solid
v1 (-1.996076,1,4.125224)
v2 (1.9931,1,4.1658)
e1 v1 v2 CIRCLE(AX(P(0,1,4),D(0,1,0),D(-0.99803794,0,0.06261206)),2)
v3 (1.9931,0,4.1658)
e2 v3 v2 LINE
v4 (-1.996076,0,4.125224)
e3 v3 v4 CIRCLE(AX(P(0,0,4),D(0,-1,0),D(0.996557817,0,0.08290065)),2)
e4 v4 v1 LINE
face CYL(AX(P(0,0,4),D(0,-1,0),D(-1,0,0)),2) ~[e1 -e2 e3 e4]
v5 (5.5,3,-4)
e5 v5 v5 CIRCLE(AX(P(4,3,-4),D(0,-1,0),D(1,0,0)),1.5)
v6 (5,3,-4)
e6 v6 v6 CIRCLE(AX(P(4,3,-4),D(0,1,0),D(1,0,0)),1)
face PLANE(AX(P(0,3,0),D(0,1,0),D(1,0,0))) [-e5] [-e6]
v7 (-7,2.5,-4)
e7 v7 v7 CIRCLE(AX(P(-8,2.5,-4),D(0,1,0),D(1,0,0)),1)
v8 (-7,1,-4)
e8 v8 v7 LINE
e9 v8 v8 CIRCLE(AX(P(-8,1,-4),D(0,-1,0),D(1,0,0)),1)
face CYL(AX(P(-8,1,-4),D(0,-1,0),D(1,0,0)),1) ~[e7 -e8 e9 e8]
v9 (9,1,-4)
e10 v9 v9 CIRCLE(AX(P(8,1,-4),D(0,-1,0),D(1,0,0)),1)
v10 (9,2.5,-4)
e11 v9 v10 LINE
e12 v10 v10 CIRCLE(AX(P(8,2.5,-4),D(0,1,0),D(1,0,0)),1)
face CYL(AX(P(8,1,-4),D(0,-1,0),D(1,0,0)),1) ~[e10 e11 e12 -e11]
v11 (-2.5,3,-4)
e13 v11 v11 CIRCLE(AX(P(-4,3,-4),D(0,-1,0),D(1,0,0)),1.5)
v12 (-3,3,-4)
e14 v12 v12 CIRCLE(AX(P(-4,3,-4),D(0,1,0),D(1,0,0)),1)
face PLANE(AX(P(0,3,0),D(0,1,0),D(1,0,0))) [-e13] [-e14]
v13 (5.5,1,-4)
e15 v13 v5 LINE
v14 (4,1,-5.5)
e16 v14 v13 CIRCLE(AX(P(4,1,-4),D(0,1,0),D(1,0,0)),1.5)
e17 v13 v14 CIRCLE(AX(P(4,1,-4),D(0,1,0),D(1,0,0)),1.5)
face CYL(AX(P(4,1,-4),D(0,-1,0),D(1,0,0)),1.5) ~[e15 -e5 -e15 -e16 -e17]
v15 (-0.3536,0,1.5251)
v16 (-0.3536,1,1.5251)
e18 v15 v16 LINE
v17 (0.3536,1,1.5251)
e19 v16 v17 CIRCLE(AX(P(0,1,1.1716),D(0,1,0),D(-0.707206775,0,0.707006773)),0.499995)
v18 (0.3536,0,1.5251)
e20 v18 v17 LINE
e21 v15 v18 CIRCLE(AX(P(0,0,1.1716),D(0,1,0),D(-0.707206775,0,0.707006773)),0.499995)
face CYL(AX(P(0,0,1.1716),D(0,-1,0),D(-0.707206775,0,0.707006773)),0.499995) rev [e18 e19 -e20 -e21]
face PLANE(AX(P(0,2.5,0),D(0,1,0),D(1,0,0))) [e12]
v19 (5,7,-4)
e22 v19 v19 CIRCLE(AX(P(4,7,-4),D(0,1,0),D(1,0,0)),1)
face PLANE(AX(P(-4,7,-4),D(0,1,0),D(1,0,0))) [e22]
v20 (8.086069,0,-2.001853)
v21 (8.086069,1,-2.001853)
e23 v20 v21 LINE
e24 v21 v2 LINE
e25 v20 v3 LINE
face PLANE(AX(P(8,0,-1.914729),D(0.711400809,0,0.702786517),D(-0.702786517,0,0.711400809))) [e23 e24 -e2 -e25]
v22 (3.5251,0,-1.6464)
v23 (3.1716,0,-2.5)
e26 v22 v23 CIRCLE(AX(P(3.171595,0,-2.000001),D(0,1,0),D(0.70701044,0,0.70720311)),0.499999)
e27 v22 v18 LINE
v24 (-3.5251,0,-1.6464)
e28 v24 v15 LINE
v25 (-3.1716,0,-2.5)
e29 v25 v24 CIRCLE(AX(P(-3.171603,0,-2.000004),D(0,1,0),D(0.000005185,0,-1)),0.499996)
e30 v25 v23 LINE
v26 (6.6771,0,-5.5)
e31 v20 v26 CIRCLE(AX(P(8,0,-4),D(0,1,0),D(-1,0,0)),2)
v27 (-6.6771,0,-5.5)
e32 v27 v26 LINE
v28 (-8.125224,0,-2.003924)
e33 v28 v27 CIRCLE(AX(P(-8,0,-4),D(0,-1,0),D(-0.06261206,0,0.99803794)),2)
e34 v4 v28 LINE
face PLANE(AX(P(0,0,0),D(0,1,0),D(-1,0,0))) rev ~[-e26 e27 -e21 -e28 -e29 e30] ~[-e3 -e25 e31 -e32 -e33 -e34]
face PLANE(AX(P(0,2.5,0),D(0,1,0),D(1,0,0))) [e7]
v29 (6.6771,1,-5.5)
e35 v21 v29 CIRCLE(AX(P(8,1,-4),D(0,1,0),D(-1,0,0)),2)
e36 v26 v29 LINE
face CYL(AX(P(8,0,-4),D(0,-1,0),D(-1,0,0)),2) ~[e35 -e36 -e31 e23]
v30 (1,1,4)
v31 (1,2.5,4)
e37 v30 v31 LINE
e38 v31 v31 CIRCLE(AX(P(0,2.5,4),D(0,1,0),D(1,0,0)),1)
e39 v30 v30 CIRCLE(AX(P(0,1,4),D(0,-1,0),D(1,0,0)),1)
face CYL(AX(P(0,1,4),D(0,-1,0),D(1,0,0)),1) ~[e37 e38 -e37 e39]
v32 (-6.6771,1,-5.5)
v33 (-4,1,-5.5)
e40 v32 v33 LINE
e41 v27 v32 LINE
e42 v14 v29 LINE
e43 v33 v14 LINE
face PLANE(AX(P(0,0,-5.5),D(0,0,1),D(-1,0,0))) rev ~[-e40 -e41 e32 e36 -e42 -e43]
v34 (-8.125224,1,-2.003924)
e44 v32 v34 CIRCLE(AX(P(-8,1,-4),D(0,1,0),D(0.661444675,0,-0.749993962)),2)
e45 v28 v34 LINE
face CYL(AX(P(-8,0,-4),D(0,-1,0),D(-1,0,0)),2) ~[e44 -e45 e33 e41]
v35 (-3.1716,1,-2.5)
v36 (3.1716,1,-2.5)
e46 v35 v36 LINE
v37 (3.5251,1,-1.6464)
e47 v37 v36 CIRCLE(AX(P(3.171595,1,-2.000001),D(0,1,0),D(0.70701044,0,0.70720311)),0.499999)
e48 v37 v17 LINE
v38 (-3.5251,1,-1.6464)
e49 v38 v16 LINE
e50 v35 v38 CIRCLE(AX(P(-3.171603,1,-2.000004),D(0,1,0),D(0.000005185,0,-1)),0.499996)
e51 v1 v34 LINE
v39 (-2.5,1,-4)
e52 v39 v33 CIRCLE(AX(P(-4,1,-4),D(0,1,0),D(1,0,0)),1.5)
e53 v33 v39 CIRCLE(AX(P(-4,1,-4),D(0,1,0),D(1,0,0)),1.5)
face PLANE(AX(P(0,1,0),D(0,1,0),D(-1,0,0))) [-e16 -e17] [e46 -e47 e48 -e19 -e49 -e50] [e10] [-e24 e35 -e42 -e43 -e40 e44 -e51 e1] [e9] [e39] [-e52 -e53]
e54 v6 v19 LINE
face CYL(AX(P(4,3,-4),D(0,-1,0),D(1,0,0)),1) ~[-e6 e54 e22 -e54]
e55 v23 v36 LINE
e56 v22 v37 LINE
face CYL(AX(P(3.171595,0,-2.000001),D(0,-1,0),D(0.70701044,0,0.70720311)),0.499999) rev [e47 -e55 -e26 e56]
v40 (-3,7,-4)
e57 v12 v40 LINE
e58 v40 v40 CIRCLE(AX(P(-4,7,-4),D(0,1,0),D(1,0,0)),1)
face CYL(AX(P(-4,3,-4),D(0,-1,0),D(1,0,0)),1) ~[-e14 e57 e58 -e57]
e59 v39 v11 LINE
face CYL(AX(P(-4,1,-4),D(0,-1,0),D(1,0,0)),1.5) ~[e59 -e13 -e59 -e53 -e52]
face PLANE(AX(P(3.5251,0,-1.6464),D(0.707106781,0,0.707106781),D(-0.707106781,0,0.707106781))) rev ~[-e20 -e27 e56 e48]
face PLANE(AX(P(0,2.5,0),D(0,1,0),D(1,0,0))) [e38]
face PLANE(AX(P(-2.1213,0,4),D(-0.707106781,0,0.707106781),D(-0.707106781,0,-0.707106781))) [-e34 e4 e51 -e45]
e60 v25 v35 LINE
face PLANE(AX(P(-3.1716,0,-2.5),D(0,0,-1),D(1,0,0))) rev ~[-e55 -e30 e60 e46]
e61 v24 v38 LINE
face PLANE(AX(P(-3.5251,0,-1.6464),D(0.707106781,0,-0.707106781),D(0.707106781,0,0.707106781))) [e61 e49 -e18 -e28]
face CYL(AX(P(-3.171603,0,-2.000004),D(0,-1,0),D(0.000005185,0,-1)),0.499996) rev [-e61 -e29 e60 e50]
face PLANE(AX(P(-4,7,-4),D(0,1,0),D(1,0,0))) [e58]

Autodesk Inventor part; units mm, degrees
ref_plane "YZ Plane" through (0, 0, 0) normal (1, 0, 0) x (0, 1, 0)
ref_plane "XZ Plane" through (0, 0, 0) normal (0, 1, 0) x (-1, 0, 0)
ref_plane "XY Plane" through (0, 0, 0) normal (0, 0, 1) x (1, 0, 0)
sketch "Sketch1" plane through (0, 0, 0) normal (0, 1, 0) x (-1, 0, 0)
  line L0 (-8, -4) -> (8, -4)
  line L1 (8, -4) -> (8, 4)
  line L2 (8, 4) -> (-8, 4)
  line L3 (-8, 4) -> (-8, -4)
  line L4 (-8, -4) -> (8, 4) construction
  line L5 (8, -4) -> (-8, 4) construction
  circle A0 centre (8, -4) radius 1
  circle A1 centre (8, -4) radius 2
  circle A2 centre (0, 4) radius 1
  circle A3 centre (-8, -4) radius 1
  circle A4 centre (-8, -4) radius 2
  circle A5 centre (0, 4) radius 2
  line L6 (8, -4) -> (0, 4)
  line L7 (0, 4) -> (-8, -4)
  line L8 (0, -4) -> (0, -5.5)
  line L9 (-6.6771, -5.5) -> (6.6771, -5.5)
  line L10 (4, 0) -> (5.0607, 1.0607)
  line L11 (-4, 0) -> (-5.0607, 1.0607)
  line L12 (0.1252, 5.9961) -> (9.9961, -3.8748)
  line L13 (-8.1282, -2.0445) -> (-1.9931, 4.1658)
  line L14 (-3.5251, -1.6464) -> (-0.3536, 1.5251)
  line L15 (3.5251, -1.6464) -> (0.3536, 1.5251)
  arc A6 (0.3536, 1.5251) -> (-0.3536, 1.5251) centre (0, 1.1716) ccw
  line L16 (3.1716, -2.5) -> (-3.1716, -2.5)
  arc A7 (-3.5251, -1.6464) -> (-3.1716, -2.5) centre (-3.1716, -2) ccw
  arc A8 (3.1716, -2.5) -> (3.5251, -1.6464) centre (3.1716, -2) ccw
  point P0 (0, 0)
  point P1 (0.1252, 5.9961)
  point P2 (-8.0861, -2.0019)
  point P3 (-6.6771, -5.5)
  point P4 (0.1252, 2.0039)
  point P5 (-0.1252, 2.0039)
  point P6 (1.9961, 4.1252)
  point P7 (8.1252, -2.0039)
  dimension "d0" = 16
  dimension "d1" = 8
  dimension "d2" = 2
  dimension "d3" = 4
  dimension "d4" = 2
  dimension "d5" = 2
  dimension "d6" = 4
  dimension "d7" = 4
  dimension "d8" = 1.5
  dimension "d9" = 1.5
  dimension "d10" = 1.5
  dimension "d23" = 90
  dimension "d28" = 90
  dimension "d29" = 0.5
  dimension "d31" = 0.5
  dimension "d32" = 1.5
  dimension "d33" = 1.5
  dimension "d34" = 1.5
  dimension "d35" = 90
extrude "Extrusion1" add sketch "Sketch1" along normal blind 1 contours A3 L7 A4 L0 | L0 A4 L3 A3 | L3 A4 L7 A3 | A4 L7 A5 L6 A1 L0 | L0 L8 L9 A4 | A4 L13 L3 | L3 L13 L11 L7 A4 | L0 A1 L9 L8 | L11 L13 L2 A5 L7 | A1 L6 A0 L0 | L0 A0 L1 A1 L12 | L7 A2 L6 A5 | A5 L2 A2 L7 | L6 L10 L12 L1 A1 | A1 L1 A0 L6 | L13 A5 L2 | A5 L12 L2 A2 | L6 A2 L2 A5 | A5 L2 L12 L10 L6 | L1 L12 A1 | A5 L12 L2 | A1 L12 | A5 L12
sketch "Sketch2" plane through (0, 1, 0) normal (0, 1, 0) x (1, 0, 0)
  line L0 (-8.1252, 2.0039) -> (-1.9961, -4.1252) projected
  arc A0 (-1.9961, -4.1252) -> (1.9931, -4.1658) centre (0, -4) ccw projected
  line L1 (1.9931, -4.1658) -> (8.0861, 2.0019) projected
  arc A1 (8.0861, 2.0019) -> (6.6771, 5.5) centre (8, 4) ccw projected
  line L2 (6.6771, 5.5) -> (-6.6771, 5.5) projected
  arc A2 (-6.6771, 5.5) -> (-8.1252, 2.0039) centre (-8, 4) ccw projected
  circle A3 centre (-8, 4) radius 1 projected
  circle A4 centre (0, -4) radius 1 projected
  circle A5 centre (8, 4) radius 1 projected
  point P0 (0, 0)
extrude "Extrusion2" add sketch "Sketch2" along normal blind 1.5 and the other way blind 1 contours A3 | A5
sketch "Sketch4" plane through (0, 1, 0) normal (0, 1, 0) x (1, 0, 0)
  line L0 (-8.1252, 2.0039) -> (-1.9961, -4.1252) projected
  arc A0 (-1.9961, -4.1252) -> (1.9931, -4.1658) centre (0, -4) ccw projected
  line L1 (1.9931, -4.1658) -> (8.0861, 2.0019) projected
  arc A1 (8.0861, 2.0019) -> (6.6771, 5.5) centre (8, 4) ccw projected
  line L2 (6.6771, 5.5) -> (-6.6771, 5.5) projected
  arc A2 (-6.6771, 5.5) -> (-8.1252, 2.0039) centre (-8, 4) ccw projected
  circle A3 centre (-8, 4) radius 1 projected
  circle A4 centre (8, 4) radius 1 projected
  circle A5 centre (0, -4) radius 1 projected
  line L3 (-3.1716, 2.5) -> (3.1716, 2.5) projected
  arc A6 (3.5251, 1.6464) -> (3.1716, 2.5) centre (3.1716, 2) ccw projected
  line L4 (3.5251, 1.6464) -> (0.3536, -1.5251) projected
  arc A7 (-0.3536, -1.5251) -> (0.3536, -1.5251) centre (0, -1.1716) ccw projected
  line L5 (-0.3536, -1.5251) -> (-3.5251, 1.6464) projected
  arc A8 (-3.1716, 2.5) -> (-3.5251, 1.6464) centre (-3.1716, 2) ccw projected
  point P0 (0, 0)
extrude "Extrusion4" add sketch "Sketch4" along normal blind 1.5 and the other way blind 1 contours A5
sketch "Sketch5" plane through (0, 1, 0) normal (0, 1, 0) x (1, 0, 0)
  line L0 (-8.1252, 2.0039) -> (-1.9961, -4.1252) projected
  arc A0 (-1.9961, -4.1252) -> (1.9931, -4.1658) centre (0, -4) ccw projected
  line L1 (1.9931, -4.1658) -> (8.0861, 2.0019) projected
  arc A1 (8.0861, 2.0019) -> (6.6771, 5.5) centre (8, 4) ccw projected
  line L2 (6.6771, 5.5) -> (-6.6771, 5.5) projected
  arc A2 (-6.6771, 5.5) -> (-8.1252, 2.0039) centre (-8, 4) ccw projected
  circle A3 centre (-8, 4) radius 1 projected
  circle A4 centre (8, 4) radius 1 projected
  circle A5 centre (0, -4) radius 1 projected
  line L3 (-3.1716, 2.5) -> (3.1716, 2.5) projected
  arc A6 (3.5251, 1.6464) -> (3.1716, 2.5) centre (3.1716, 2) ccw projected
  line L4 (3.5251, 1.6464) -> (0.3536, -1.5251) projected
  arc A7 (-0.3536, -1.5251) -> (0.3536, -1.5251) centre (0, -1.1716) ccw projected
  line L5 (-0.3536, -1.5251) -> (-3.5251, 1.6464) projected
  arc A8 (-3.1716, 2.5) -> (-3.5251, 1.6464) centre (-3.1716, 2) ccw projected
  circle A9 centre (-4, 4) radius 1.5
  circle A10 centre (4, 4) radius 1.5
  point P0 (0, 0)
  dimension "d40" = 3
  dimension "d42" = 4
  dimension "d43" = 4
  dimension "d44" = 1.5
  dimension "d45" = 1.5
extrude "Extrusion5" add sketch "Sketch5" along normal blind 2 contours A10 | A9
sketch "Sketch6" plane through (-4, 3, -4) normal (0, 1, 0) x (1, 0, 0)
  circle A0 centre (0, 0) radius 1.5 projected
  circle A1 centre (8, 0) radius 1.5 projected
  circle A2 centre (0, 0) radius 1
  circle A3 centre (8, 0) radius 1
  point P0 (4, -4)
  dimension "d48" = 2
  dimension "d49" = 2
extrude "Extrusion6" add sketch "Sketch6" along normal blind 4 contours A2 | A3
equation "\"d2\" = d4"
equation "\"d3\" = d7"
equation "\"d5\" = d4"
equation "\"d6\" = d7"
equation "\"d45\" = d44"
equation "\"d49\" = d48"
properties part number "bar"
